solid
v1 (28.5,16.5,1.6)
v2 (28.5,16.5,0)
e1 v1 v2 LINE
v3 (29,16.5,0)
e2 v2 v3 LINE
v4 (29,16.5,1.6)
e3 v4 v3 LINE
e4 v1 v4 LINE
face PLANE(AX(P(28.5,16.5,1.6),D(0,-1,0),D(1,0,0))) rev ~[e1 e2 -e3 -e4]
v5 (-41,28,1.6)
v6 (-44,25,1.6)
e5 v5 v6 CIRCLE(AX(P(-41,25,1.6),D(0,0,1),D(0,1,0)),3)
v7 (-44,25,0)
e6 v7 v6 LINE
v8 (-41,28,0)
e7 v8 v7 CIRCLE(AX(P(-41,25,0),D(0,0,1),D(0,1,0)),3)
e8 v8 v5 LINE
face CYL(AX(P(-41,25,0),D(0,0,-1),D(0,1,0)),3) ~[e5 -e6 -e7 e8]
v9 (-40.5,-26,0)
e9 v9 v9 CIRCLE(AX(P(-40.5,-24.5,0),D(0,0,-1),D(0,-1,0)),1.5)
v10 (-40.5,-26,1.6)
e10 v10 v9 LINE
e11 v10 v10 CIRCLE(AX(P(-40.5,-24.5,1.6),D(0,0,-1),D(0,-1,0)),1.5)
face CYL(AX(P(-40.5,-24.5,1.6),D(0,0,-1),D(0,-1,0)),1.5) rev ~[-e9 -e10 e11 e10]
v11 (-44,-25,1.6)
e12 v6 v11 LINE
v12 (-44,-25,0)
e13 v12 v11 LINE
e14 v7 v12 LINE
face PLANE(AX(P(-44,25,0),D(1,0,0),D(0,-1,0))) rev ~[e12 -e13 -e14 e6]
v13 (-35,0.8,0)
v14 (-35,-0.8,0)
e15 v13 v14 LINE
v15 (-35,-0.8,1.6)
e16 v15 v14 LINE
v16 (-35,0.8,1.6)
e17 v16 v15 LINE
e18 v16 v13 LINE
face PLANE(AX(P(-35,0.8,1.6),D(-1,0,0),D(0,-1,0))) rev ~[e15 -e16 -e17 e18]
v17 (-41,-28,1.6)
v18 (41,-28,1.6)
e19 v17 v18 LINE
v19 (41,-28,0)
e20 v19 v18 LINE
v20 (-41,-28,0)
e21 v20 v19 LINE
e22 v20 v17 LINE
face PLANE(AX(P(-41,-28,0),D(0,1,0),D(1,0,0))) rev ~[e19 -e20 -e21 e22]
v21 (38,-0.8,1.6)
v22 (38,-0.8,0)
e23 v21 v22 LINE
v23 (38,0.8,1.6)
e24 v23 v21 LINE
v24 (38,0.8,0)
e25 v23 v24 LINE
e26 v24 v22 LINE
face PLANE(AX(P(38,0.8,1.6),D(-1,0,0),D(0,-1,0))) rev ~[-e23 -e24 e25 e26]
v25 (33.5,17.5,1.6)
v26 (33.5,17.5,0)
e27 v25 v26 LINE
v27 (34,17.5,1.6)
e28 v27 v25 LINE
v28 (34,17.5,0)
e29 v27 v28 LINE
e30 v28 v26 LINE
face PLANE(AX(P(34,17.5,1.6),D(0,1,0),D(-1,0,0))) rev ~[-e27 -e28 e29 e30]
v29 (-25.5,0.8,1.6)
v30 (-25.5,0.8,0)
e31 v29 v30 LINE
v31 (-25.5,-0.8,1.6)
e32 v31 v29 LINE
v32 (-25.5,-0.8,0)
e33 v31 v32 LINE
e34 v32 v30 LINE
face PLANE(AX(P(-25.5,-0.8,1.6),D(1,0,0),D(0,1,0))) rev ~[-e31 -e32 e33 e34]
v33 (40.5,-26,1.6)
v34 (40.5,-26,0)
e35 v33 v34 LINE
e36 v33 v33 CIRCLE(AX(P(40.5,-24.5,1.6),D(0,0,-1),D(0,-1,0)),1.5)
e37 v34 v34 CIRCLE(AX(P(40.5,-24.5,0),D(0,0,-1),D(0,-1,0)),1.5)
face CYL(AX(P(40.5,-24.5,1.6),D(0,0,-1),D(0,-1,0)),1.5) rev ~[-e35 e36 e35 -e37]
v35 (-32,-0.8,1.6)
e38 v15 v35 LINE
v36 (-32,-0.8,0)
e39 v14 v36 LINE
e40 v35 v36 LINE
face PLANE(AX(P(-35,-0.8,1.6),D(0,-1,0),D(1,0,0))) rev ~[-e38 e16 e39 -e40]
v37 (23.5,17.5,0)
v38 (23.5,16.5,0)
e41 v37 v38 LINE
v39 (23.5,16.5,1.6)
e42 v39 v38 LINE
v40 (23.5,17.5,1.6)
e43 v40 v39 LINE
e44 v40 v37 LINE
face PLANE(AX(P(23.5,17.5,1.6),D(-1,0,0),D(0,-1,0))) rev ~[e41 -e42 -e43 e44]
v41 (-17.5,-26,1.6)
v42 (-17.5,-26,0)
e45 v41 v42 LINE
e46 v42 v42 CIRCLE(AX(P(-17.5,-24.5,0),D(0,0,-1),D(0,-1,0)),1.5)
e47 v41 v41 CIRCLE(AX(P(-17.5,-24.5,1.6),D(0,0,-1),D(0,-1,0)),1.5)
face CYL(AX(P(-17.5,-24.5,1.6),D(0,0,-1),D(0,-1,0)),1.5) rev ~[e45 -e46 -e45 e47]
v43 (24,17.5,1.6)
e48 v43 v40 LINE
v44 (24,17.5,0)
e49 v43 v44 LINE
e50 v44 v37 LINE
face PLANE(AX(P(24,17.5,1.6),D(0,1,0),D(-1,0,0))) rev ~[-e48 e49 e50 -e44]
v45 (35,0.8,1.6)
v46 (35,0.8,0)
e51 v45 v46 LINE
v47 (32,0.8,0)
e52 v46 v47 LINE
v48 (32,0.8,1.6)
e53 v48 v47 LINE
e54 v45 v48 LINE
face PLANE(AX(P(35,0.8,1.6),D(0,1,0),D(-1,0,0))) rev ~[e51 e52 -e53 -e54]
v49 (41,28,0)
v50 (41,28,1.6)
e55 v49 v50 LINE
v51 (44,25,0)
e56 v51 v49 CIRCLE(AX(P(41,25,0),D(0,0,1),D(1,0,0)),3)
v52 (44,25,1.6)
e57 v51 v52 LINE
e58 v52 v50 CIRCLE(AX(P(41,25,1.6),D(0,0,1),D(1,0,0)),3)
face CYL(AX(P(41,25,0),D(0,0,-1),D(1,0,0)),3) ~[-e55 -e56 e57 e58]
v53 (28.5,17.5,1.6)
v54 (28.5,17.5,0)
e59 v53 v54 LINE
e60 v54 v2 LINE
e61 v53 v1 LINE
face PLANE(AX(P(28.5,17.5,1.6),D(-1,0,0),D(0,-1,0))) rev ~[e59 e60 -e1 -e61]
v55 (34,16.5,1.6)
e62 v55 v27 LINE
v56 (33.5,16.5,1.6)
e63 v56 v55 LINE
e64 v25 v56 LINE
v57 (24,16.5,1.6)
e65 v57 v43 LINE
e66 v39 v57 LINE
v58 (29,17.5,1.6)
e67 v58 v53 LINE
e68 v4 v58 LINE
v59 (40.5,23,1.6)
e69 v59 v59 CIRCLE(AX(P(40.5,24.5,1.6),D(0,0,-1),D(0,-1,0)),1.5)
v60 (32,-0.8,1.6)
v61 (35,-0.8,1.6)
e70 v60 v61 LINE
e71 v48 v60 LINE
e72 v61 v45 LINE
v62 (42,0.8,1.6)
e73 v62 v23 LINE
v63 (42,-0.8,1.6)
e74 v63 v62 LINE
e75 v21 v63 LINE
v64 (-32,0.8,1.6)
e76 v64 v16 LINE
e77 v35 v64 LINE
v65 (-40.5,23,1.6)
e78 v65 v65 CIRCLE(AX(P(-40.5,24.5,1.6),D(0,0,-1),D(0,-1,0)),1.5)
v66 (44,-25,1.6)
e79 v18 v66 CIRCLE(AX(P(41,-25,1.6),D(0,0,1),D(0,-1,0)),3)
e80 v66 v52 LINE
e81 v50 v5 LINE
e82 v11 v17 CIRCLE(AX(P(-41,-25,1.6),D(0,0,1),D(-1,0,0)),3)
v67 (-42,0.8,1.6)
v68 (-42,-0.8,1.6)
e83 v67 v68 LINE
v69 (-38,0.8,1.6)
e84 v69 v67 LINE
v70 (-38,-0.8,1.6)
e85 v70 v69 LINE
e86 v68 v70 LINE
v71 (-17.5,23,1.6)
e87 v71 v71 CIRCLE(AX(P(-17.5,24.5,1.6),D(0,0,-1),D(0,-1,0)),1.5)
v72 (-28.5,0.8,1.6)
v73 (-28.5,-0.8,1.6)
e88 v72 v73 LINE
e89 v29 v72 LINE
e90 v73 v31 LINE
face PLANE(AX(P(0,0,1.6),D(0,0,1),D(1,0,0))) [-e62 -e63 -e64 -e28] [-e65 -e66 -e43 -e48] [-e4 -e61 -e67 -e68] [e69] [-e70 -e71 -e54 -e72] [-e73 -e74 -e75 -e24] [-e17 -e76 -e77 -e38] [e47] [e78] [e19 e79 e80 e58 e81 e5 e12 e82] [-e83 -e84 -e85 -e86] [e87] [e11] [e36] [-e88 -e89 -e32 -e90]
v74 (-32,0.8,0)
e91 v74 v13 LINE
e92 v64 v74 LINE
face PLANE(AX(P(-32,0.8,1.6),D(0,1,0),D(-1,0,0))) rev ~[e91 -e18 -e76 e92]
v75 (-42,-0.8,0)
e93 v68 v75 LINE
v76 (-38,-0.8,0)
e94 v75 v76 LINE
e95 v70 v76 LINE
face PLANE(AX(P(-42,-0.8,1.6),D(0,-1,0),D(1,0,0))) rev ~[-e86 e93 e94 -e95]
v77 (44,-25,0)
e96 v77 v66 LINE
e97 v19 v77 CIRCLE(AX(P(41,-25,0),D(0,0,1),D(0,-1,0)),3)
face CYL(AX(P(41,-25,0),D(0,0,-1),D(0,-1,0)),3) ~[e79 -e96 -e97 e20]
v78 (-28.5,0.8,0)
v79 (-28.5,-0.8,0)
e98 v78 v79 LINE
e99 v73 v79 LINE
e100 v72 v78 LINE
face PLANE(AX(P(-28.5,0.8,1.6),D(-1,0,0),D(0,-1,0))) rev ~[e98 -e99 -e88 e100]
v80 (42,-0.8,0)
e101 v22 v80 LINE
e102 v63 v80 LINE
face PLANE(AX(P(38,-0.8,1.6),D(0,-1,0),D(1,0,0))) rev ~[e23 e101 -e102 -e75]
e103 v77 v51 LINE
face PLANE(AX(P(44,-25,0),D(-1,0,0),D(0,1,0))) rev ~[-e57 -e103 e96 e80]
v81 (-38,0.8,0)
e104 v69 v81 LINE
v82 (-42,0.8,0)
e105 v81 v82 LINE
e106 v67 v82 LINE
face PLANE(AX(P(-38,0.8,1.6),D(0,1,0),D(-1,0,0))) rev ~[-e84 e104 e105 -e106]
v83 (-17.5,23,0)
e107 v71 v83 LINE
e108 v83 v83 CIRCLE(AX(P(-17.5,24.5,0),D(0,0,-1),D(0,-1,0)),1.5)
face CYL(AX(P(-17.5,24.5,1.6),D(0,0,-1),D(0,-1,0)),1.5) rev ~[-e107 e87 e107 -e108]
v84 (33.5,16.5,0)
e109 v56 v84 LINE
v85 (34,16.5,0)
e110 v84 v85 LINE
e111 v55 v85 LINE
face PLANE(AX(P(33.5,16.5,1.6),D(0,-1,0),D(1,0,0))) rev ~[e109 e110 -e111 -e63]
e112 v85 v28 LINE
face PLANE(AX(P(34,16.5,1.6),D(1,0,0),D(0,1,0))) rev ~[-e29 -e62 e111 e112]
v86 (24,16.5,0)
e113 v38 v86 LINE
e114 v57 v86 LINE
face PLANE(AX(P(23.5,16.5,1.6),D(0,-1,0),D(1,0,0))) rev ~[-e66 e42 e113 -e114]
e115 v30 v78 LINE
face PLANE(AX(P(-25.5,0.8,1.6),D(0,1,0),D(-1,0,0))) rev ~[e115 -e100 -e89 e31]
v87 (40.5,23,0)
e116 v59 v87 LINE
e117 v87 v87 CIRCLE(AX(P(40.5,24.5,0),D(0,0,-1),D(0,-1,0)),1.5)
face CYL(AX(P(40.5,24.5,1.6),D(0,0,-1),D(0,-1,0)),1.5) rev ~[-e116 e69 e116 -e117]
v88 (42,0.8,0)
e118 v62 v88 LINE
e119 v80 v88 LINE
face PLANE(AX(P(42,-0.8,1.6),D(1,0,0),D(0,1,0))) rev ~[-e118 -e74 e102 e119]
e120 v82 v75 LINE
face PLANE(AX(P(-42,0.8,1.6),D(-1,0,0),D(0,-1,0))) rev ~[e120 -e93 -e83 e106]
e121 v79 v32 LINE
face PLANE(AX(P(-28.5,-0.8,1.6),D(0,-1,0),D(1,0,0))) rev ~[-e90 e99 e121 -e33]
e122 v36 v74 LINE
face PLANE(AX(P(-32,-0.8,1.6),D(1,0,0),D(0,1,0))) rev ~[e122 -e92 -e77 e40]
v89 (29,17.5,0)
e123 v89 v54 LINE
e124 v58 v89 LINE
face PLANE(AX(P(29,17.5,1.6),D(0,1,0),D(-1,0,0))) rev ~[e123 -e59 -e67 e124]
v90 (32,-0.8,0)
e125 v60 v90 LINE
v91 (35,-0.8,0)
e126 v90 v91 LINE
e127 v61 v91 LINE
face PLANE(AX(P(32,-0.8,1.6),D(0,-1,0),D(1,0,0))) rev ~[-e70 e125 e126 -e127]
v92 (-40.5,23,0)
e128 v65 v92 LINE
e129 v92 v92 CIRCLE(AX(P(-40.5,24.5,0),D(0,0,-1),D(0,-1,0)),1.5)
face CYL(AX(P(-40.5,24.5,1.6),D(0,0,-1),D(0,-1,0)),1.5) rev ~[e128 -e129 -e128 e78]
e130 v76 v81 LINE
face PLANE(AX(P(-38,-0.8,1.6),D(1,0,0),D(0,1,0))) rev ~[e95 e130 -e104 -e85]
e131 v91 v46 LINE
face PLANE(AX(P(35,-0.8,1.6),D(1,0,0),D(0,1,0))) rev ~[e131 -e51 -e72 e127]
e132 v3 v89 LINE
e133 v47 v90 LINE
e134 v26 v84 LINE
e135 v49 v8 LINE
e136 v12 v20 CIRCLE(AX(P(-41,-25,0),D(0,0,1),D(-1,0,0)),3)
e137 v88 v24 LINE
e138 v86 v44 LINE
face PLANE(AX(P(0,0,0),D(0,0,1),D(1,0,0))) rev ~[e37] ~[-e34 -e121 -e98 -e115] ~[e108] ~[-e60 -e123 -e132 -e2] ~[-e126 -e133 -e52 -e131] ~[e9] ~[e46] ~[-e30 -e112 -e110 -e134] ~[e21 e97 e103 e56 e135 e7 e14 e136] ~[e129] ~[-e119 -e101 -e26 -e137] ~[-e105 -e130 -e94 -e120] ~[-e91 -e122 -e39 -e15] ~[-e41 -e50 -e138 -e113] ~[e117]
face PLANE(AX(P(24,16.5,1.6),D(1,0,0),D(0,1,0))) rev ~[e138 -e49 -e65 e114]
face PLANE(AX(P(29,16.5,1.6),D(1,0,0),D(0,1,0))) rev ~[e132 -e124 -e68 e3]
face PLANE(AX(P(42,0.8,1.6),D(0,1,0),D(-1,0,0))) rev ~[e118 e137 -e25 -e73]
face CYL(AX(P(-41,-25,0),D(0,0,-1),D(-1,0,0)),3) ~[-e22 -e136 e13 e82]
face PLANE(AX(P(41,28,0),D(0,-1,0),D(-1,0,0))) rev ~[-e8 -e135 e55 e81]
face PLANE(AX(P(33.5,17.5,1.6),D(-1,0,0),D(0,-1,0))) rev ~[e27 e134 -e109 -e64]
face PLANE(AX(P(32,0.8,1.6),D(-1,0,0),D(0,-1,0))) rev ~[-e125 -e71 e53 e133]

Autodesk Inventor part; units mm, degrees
ref_plane "YZ Plane" through (0, 0, 0) normal (1, 0, 0) x (0, 1, 0)
ref_plane "XZ Plane" through (0, 0, 0) normal (0, 1, 0) x (-1, 0, 0)
ref_plane "XY Plane" through (0, 0, 0) normal (0, 0, 1) x (1, 0, 0)
sketch "Sketch1" plane through (0, 0, 0) normal (0, 0, 1) x (1, 0, 0)
  line L0 (-41, -28) -> (41, -28)
  line L1 (44, -25) -> (44, 25)
  line L2 (41, 28) -> (-41, 28)
  line L3 (-44, 25) -> (-44, -25)
  line L4 (-44, -28) -> (44, 28) construction
  line L5 (44, -28) -> (-44, 28) construction
  arc A0 (-41, 28) -> (-44, 25) centre (-41, 25) ccw
  arc A1 (44, 25) -> (41, 28) centre (41, 25) ccw
  arc A2 (41, -28) -> (44, -25) centre (41, -25) ccw
  arc A3 (-44, -25) -> (-41, -28) centre (-41, -25) ccw
  point P0 (0, 0)
  dimension "d0" = 88
  dimension "d1" = 56
  dimension "d2" = 3
extrude "Extrusion1" add sketch "Sketch1" along normal blind 1.6
sketch "Sketch2" plane through (0, 0, 1.6) normal (0, 0, 1) x (1, 0, 0)
  line L0 (-42, -0.8) -> (-38, -0.8)
  line L1 (-38, -0.8) -> (-38, 0.8)
  line L2 (-38, 0.8) -> (-42, 0.8)
  line L3 (-42, 0.8) -> (-42, -0.8)
  line L4 (-42, -0.8) -> (-38, 0.8) construction
  line L5 (-38, -0.8) -> (-42, 0.8) construction
  line L6 (-35, -0.8) -> (-32, -0.8)
  line L7 (-32, -0.8) -> (-32, 0.8)
  line L8 (-32, 0.8) -> (-35, 0.8)
  line L9 (-35, 0.8) -> (-35, -0.8)
  line L10 (-35, -0.8) -> (-32, 0.8) construction
  line L11 (-32, -0.8) -> (-35, 0.8) construction
  line L12 (-28.5, -0.8) -> (-25.5, -0.8)
  line L13 (-25.5, -0.8) -> (-25.5, 0.8)
  line L14 (-25.5, 0.8) -> (-28.5, 0.8)
  line L15 (-28.5, 0.8) -> (-28.5, -0.8)
  line L16 (-28.5, -0.8) -> (-25.5, 0.8) construction
  line L17 (-25.5, -0.8) -> (-28.5, 0.8) construction
  line L18 (32, -0.8) -> (35, -0.8)
  line L19 (35, -0.8) -> (35, 0.8)
  line L20 (35, 0.8) -> (32, 0.8)
  line L21 (32, 0.8) -> (32, -0.8)
  line L22 (32, -0.8) -> (35, 0.8) construction
  line L23 (35, -0.8) -> (32, 0.8) construction
  line L24 (38, -0.8) -> (42, -0.8)
  line L25 (42, -0.8) -> (42, 0.8)
  line L26 (42, 0.8) -> (38, 0.8)
  line L27 (38, 0.8) -> (38, -0.8)
  line L28 (38, -0.8) -> (42, 0.8) construction
  line L29 (42, -0.8) -> (38, 0.8) construction
  line L30 (-44, 25) -> (-44, -25) projected
  line L31 (44, -25) -> (44, 25) projected
  point P0 (0, 0)
  point P1 (-40, 0)
  point P2 (-33.5, 0)
  point P3 (-27, 0)
  point P4 (33.5, 0)
  point P5 (40, 0)
  dimension "d5" = 2
  dimension "d6" = 4
  dimension "d7" = 3
  dimension "d8" = 3
  dimension "d9" = 3.5
  dimension "d10" = 2
  dimension "d11" = 4
  dimension "d12" = 3
  dimension "d13" = 3
  dimension "d14" = 1.6
extrude "Extrusion2" cut sketch "Sketch2" against normal blind 1.6
sketch "Sketch3" plane through (0, 0, 1.6) normal (0, 0, 1) x (1, 0, 0)
  line L0 (-40.5, 24.5) -> (-17.5, 24.5)
  line L1 (-17.5, 24.5) -> (-17.5, -24.5)
  line L2 (-17.5, -24.5) -> (-40.5, -24.5)
  line L3 (-40.5, -24.5) -> (-40.5, 24.5)
  line L4 (-17.5, 24.5) -> (40.5, 24.5)
  line L5 (40.5, 24.5) -> (40.5, -24.5)
  line L6 (40.5, -24.5) -> (-17.5, -24.5)
  line L7 (-44, 25) -> (-44, -25) projected
  point P0 (0, 0)
  point P1 (-40.5, 0)
  point P2 (-44, 0)
  dimension "d24" = 58
  dimension "d25" = 23
  dimension "d26" = 49
  dimension "d27" = 3.5
hole "Hole1" at (-40.5, -24.5, 1.6) at (-17.5, -24.5, 1.6) at (40.5, -24.5, 1.6) at (40.5, 24.5, 1.6) at (-17.5, 24.5, 1.6) at (-40.5, 24.5, 1.6) direction (0, 0, -1) diameter 3 end through all
sketch "Sketch4" plane through (0, 0, 1.6) normal (0, 0, 1) x (1, 0, 0)
  line L0 (23.5, 16.5) -> (24, 16.5)
  line L1 (24, 16.5) -> (24, 17.5)
  line L2 (24, 17.5) -> (23.5, 17.5)
  line L3 (23.5, 17.5) -> (23.5, 16.5)
  line L4 (33.5, 16.5) -> (34, 16.5)
  line L5 (34, 16.5) -> (34, 17.5)
  line L6 (34, 17.5) -> (33.5, 17.5)
  line L7 (33.5, 17.5) -> (33.5, 16.5)
  line L8 (28.5, 16.5) -> (29, 16.5)
  line L9 (29, 16.5) -> (29, 17.5)
  line L10 (29, 17.5) -> (28.5, 17.5)
  line L11 (28.5, 17.5) -> (28.5, 16.5)
  line L12 (41, 28) -> (-41, 28) projected
  line L13 (44, -25) -> (44, 25) projected
  point P0 (0, 0)
  point P1 (28.75, 16.5)
  point P2 (23.75, 16.5)
  point P3 (33.75, 16.5)
  point P4 (34, 17)
  dimension "d28" = 0.5
  dimension "d29" = 5
  dimension "d30" = 5
  dimension "d31" = 11.5
  dimension "d32" = 1
  dimension "d33" = 10
extrude "Extrusion3" cut sketch "Sketch4" against normal through all
properties part number "PCB_1"
